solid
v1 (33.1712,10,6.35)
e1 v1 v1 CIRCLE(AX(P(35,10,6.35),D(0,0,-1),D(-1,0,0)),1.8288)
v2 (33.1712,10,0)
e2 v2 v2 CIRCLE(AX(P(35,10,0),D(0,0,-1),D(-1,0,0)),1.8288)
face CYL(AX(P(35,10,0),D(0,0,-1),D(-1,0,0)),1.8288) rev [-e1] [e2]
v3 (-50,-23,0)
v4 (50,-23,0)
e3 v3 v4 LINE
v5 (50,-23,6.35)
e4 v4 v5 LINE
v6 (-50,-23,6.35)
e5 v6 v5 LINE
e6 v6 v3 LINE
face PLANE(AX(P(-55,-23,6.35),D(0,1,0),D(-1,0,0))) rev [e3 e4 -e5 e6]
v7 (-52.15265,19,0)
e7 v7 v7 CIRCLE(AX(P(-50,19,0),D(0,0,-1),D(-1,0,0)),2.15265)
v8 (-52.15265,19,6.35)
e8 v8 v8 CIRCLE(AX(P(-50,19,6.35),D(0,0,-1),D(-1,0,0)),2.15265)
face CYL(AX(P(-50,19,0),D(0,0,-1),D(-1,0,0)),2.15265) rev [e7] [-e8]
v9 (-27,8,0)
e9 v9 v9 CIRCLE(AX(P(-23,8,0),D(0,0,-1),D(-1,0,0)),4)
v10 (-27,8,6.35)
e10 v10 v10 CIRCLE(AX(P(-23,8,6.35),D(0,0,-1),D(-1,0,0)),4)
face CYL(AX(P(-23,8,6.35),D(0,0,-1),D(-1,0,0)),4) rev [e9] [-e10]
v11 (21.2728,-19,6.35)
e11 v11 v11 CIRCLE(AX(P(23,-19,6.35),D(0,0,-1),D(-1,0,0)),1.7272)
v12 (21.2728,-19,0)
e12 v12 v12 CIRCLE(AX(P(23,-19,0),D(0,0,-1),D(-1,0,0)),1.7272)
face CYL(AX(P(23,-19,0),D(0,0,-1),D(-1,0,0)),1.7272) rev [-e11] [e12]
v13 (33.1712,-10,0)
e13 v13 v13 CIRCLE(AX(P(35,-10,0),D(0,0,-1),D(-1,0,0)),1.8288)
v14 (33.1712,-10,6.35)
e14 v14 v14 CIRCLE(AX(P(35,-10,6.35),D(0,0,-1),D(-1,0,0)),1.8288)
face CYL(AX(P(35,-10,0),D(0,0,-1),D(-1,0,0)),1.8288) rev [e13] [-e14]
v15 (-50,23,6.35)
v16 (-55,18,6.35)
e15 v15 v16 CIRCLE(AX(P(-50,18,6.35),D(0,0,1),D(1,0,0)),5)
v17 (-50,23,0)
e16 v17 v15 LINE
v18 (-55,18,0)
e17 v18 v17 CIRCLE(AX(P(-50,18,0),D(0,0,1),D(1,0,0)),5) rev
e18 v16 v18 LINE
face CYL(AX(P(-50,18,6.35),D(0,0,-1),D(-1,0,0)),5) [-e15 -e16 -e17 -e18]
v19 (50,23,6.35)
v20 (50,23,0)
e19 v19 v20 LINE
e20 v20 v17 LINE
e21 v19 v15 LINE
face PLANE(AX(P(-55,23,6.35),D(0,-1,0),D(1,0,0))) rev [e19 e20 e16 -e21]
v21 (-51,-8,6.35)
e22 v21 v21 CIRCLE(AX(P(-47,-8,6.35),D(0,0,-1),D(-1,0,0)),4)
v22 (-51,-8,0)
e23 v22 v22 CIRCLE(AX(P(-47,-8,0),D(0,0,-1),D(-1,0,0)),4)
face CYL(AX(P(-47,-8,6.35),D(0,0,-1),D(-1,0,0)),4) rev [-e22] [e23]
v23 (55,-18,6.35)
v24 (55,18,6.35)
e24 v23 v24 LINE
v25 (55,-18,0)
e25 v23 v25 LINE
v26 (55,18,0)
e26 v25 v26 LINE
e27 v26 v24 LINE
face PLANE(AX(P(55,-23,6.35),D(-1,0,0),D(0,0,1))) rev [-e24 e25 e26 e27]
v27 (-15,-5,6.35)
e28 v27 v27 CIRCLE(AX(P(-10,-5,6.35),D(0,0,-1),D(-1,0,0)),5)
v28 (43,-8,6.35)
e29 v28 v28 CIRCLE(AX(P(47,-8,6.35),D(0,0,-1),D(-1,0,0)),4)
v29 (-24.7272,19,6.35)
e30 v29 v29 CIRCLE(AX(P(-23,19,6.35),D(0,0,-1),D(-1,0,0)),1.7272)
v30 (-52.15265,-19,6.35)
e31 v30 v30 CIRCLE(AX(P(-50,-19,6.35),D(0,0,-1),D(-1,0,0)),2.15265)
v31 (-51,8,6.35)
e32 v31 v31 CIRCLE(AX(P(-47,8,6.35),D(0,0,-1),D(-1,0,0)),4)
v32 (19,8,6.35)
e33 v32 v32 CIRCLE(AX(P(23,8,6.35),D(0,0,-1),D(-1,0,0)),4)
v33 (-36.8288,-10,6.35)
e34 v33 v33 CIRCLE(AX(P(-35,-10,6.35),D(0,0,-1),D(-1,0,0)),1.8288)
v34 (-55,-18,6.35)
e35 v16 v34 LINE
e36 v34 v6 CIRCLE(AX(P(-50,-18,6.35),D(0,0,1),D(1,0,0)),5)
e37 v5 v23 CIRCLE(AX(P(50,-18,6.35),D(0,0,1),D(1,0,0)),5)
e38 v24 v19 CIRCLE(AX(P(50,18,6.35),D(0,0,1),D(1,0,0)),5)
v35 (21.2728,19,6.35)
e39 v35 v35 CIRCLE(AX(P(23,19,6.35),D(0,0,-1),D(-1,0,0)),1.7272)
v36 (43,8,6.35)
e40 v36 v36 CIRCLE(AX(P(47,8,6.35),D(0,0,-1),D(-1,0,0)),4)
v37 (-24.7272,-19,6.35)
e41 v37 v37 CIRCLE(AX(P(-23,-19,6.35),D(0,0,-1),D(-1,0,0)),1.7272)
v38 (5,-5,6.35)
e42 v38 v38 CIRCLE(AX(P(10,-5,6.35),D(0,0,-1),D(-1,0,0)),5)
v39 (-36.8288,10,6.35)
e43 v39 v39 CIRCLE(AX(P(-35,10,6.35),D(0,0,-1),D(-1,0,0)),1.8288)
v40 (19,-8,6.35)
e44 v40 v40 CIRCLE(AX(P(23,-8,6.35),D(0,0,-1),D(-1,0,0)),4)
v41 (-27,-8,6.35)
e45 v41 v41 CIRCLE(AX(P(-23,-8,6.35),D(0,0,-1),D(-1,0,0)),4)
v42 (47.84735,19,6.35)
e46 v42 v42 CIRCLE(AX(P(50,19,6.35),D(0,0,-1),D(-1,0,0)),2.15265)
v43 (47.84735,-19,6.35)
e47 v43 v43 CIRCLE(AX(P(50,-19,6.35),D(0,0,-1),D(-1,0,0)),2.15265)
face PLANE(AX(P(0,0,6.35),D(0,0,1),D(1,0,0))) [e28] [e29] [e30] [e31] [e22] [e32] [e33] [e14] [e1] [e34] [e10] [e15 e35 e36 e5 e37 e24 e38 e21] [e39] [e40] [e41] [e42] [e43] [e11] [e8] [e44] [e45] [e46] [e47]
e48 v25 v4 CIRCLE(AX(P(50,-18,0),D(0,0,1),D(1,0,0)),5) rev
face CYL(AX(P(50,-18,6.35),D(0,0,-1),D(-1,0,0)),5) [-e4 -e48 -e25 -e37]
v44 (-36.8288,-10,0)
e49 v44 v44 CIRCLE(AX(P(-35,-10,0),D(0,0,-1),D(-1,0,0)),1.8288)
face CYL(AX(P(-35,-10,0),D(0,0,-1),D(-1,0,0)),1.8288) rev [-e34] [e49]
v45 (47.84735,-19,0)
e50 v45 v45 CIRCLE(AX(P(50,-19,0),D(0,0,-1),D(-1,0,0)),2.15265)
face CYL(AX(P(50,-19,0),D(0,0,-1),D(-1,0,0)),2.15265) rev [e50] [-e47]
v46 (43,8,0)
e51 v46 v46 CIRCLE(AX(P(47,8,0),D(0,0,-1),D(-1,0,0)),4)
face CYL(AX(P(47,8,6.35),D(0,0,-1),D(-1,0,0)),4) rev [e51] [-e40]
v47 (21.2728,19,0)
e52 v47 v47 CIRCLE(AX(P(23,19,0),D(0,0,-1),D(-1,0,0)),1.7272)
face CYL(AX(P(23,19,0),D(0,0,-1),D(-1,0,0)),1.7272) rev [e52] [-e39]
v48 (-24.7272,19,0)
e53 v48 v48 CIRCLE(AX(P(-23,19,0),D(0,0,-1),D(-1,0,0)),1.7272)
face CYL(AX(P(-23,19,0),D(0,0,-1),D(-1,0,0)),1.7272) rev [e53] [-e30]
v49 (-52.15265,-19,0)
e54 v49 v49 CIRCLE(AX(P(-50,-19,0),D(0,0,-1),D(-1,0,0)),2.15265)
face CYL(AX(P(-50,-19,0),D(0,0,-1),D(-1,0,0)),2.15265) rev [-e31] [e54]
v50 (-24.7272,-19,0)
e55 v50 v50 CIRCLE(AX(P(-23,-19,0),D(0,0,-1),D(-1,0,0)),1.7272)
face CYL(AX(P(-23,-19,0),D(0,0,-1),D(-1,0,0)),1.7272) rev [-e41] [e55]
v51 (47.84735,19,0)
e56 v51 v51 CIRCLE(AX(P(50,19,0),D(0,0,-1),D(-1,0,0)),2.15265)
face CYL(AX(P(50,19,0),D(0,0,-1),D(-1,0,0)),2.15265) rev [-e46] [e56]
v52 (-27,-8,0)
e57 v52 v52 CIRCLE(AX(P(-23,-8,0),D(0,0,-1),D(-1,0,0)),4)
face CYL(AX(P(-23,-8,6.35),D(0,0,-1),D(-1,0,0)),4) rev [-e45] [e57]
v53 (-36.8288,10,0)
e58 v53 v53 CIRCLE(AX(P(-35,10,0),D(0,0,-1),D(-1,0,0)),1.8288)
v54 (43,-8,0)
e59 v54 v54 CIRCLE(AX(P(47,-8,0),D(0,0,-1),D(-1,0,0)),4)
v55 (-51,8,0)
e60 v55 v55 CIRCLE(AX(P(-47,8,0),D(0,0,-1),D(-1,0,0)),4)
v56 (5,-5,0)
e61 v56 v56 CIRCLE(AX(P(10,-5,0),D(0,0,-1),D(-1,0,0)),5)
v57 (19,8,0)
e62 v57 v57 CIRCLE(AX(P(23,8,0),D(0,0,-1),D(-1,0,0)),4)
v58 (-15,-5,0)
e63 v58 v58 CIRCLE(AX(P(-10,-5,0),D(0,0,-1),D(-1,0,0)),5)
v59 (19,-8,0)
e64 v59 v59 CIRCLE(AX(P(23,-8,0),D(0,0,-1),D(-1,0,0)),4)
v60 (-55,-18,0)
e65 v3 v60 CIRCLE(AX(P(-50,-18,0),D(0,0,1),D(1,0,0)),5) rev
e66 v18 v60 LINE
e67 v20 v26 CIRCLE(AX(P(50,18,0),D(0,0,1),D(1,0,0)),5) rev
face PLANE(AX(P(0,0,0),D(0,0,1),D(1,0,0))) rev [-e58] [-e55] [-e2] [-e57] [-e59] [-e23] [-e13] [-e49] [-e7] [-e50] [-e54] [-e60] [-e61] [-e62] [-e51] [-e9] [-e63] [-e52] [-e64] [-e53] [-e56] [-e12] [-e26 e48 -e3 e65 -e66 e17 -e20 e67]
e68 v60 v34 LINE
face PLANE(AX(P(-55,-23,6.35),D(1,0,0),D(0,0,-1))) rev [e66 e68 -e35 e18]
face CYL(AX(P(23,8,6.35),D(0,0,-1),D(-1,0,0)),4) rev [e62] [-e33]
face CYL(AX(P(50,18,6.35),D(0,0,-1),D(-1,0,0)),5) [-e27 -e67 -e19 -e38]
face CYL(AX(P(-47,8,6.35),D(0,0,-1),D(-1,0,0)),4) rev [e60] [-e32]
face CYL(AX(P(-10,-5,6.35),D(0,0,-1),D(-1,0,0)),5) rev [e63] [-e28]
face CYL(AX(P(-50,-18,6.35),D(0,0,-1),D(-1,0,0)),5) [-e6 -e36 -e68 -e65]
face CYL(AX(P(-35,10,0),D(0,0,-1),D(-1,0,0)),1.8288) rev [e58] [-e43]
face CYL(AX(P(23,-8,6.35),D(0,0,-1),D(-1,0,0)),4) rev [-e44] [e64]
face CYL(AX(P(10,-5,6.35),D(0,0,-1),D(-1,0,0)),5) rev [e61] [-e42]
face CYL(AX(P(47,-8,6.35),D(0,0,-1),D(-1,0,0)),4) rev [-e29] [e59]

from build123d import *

# Parameters (mm, degrees)
SKETCH1_W             = 110
SKETCH1_H             = 46
BOSS_EXTRUDE1_DEPTH   = 6.35
SKETCH5_R             = 5
CUT_EXTRUDE1_DEPTH    = 7.35
SKETCH7_R             = 4
CUT_EXTRUDE2_DEPTH    = 7.35
FILLET1_R             = 5
F_8_32_TAPPED_HOLE1_D = 3.4544
F_8_CLEARANCE_HOLE1_D = 4.3053
F_6_CLEARANCE_HOLE2_D = 3.6576


with BuildPart() as part:
    # Sketch1 → Boss-Extrude1 (new body)
    with BuildSketch(Plane.XY):
        Rectangle(SKETCH1_W, SKETCH1_H)
    extrude(amount=BOSS_EXTRUDE1_DEPTH)

    # Sketch5 → Cut-Extrude1 (cut, through all)
    with BuildSketch(Plane(origin=(0, 0, 0), x_dir=(-1, 0, 0), z_dir=(0, 0, -1))):
        with Locations((-10, -5)):
            Circle(SKETCH5_R)
        with Locations((10, -5)):
            Circle(SKETCH5_R)
    extrude(amount=-CUT_EXTRUDE1_DEPTH, mode=Mode.SUBTRACT)

    # Sketch7 → Cut-Extrude2 (cut, through all)
    with BuildSketch(Plane(origin=(0, 0, 0), x_dir=(-1, 0, 0), z_dir=(0, 0, -1))):
        with Locations((-23, 8)):
            Circle(SKETCH7_R)
        with Locations((-23, -8)):
            Circle(SKETCH7_R)
        with Locations((23, -8)):
            Circle(SKETCH7_R)
        with Locations((23, 8)):
            Circle(SKETCH7_R)
        with Locations((-47, 8)):
            Circle(SKETCH7_R)
        with Locations((-47, -8)):
            Circle(SKETCH7_R)
        with Locations((47, 8)):
            Circle(SKETCH7_R)
        with Locations((47, -8)):
            Circle(SKETCH7_R)
    extrude(amount=-CUT_EXTRUDE2_DEPTH, mode=Mode.SUBTRACT)

    # Fillet1
    fillet1_edges = [part.edges().sort_by_distance(p)[0] for p in [
        (-55, -23, 3.175),
        (-55, 23, 3.175),
        (55, 23, 3.175),
        (55, -23, 3.175),
    ]]
    fillet(fillet1_edges, radius=FILLET1_R)

    # #8-32 Tapped Hole1 (through all)
    with Locations(Plane(origin=(0, 0, 0), x_dir=(-1, 0, 0), z_dir=(0, 0, -1))):
        with Locations((-23, 19), (23, 19), (23, -19), (-23, -19)):
            Hole(F_8_32_TAPPED_HOLE1_D / 2)

    # #8 Clearance Hole1 (through all)
    with Locations(Plane(origin=(0, 0, 0), x_dir=(-1, 0, 0), z_dir=(0, 0, -1))):
        with Locations((-50, 19), (-50, -19), (50, -19), (50, 19)):
            Hole(F_8_CLEARANCE_HOLE1_D / 2)

    # #6 Clearance Hole2 (through all)
    with Locations(Plane(origin=(0, 0, 0), x_dir=(-1, 0, 0), z_dir=(0, 0, -1))):
        with Locations((-35, 10), (-35, -10), (35, -10), (35, 10)):
            Hole(F_6_CLEARANCE_HOLE2_D / 2)


solid = part.part
